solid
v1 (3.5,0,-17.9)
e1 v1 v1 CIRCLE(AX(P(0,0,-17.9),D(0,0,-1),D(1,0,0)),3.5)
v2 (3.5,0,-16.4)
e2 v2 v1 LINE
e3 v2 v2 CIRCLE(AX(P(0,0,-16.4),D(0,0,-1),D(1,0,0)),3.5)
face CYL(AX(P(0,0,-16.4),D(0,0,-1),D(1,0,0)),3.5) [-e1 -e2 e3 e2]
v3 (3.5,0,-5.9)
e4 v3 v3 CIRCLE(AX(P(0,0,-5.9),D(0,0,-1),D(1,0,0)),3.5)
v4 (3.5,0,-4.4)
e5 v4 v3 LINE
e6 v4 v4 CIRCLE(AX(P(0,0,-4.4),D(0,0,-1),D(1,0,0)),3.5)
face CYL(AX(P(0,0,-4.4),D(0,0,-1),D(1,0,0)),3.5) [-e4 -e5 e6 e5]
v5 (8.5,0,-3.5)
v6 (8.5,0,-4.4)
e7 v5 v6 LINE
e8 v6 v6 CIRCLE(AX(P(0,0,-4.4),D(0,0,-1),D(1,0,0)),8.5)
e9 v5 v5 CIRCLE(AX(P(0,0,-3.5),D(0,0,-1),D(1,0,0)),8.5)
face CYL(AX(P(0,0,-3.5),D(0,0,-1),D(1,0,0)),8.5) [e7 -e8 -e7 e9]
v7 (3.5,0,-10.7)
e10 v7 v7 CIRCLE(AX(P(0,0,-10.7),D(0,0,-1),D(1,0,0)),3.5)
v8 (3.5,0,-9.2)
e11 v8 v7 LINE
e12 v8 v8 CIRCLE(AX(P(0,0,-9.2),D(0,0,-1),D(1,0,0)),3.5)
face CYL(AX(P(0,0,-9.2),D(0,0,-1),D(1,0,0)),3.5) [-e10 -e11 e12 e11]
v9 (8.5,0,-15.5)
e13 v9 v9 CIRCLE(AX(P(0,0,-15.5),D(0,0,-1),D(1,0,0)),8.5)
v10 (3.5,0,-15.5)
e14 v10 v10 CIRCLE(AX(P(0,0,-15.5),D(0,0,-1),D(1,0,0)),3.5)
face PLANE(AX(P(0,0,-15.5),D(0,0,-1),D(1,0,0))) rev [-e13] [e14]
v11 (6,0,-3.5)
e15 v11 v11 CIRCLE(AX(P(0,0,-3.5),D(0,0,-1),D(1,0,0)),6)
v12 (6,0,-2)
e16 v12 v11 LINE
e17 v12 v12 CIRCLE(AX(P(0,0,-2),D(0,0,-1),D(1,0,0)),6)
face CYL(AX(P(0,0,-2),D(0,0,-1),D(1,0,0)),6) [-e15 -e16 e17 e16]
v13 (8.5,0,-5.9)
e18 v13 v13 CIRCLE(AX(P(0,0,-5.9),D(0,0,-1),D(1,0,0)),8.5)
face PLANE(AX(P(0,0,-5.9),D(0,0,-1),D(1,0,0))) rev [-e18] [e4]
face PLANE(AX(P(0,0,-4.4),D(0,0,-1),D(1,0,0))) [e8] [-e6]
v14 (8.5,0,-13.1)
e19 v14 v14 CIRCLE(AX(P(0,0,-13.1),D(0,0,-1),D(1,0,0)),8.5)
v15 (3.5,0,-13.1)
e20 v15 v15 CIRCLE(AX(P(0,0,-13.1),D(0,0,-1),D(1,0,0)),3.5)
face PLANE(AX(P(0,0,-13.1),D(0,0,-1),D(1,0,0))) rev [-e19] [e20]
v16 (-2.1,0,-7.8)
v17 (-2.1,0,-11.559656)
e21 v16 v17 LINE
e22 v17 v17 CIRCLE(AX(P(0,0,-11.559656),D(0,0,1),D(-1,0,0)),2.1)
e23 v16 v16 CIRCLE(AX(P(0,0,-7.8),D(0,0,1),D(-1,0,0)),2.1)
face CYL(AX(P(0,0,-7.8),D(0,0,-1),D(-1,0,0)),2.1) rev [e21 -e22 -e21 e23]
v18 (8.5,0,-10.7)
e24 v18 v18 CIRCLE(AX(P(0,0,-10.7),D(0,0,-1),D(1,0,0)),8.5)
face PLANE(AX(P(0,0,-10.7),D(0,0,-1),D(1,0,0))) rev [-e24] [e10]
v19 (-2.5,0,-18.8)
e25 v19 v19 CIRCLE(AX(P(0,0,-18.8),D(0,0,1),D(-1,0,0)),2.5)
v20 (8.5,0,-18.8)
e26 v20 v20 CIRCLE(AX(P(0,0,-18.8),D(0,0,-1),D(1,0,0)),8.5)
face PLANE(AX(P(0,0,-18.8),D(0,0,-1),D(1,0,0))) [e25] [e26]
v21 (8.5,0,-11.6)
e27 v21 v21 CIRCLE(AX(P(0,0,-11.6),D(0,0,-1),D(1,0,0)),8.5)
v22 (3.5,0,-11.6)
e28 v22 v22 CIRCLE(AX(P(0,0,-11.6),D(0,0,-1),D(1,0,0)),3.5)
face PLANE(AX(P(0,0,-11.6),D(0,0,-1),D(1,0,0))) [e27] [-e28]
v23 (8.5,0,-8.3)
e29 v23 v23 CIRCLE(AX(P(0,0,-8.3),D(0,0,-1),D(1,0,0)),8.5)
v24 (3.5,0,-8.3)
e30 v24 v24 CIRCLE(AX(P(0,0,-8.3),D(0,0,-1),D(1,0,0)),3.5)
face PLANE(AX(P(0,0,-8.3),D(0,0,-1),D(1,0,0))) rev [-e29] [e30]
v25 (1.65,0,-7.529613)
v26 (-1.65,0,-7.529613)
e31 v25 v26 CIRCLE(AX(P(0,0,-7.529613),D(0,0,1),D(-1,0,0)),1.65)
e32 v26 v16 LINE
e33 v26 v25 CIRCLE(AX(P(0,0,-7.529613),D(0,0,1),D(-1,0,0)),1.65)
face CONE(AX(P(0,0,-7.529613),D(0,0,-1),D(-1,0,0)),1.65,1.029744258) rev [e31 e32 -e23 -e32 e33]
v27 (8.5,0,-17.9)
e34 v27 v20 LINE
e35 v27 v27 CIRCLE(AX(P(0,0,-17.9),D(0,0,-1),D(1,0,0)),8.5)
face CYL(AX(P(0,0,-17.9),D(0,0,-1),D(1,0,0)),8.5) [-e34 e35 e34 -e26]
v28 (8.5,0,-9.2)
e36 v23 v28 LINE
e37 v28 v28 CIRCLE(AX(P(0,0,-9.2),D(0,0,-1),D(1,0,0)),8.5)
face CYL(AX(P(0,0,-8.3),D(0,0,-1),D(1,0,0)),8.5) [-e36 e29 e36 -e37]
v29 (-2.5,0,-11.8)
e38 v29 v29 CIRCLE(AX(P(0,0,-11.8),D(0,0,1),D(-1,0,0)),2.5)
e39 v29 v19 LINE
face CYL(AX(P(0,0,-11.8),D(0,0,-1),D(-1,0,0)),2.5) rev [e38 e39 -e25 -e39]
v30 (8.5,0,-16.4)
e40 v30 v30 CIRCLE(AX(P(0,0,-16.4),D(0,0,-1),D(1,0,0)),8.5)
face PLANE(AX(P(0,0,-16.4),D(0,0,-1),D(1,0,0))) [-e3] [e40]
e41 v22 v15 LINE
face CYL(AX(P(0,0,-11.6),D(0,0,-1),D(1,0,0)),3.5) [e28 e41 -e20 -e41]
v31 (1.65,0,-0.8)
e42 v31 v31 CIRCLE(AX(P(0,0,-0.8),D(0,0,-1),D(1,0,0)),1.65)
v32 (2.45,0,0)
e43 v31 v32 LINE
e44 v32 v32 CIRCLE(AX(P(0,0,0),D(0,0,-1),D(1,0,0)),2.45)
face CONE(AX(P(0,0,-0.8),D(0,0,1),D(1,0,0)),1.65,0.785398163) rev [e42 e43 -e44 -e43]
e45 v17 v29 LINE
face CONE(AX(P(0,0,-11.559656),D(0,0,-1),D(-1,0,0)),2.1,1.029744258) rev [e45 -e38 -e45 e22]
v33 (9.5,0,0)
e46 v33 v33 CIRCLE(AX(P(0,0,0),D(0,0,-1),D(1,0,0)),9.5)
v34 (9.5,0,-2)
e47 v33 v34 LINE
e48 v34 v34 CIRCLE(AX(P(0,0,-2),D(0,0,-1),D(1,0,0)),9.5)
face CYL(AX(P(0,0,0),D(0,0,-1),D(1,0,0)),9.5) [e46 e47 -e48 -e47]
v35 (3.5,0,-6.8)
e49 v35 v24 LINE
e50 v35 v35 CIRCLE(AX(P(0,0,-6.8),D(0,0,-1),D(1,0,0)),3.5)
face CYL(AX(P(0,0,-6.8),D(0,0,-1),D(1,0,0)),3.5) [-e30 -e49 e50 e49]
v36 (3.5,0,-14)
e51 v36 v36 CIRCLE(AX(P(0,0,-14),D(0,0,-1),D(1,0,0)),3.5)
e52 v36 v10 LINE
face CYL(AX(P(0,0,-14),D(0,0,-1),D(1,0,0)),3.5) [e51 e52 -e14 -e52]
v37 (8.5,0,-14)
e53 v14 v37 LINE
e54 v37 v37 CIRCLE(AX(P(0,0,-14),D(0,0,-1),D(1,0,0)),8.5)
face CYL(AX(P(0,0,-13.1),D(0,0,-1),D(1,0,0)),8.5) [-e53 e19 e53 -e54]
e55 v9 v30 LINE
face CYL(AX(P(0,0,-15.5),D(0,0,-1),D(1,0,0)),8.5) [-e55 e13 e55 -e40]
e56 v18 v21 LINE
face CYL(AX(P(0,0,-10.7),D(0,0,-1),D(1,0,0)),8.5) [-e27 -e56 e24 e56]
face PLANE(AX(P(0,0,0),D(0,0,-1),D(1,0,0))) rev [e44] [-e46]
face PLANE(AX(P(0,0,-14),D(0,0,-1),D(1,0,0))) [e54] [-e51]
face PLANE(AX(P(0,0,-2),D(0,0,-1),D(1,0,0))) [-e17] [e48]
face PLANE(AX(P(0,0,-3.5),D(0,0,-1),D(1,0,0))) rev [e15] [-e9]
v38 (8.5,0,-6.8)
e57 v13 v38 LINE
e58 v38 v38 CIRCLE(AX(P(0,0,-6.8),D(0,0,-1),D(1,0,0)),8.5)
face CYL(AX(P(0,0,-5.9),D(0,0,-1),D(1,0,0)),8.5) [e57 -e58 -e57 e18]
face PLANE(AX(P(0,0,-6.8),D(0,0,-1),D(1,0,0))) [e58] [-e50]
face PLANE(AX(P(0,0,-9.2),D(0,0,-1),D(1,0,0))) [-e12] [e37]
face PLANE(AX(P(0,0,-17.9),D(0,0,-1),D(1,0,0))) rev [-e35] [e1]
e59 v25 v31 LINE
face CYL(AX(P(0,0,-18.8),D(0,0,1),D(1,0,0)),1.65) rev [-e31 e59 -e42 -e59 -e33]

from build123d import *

# Parameters (mm, degrees)
CHAMFER1_SIZE = 0.8


with BuildPart() as part:
    # Sketch2 → Revolve1 (revolve)
    with BuildSketch(Plane(origin=(0, 0, 0), x_dir=(1, 0, 0), z_dir=(0, 1, 0))):
        Polygon((1.65, 18.8), (1.65, 0), (9.5, 0), (9.5, 2), (6, 2), (6, 3.5), (8.5, 3.5), (8.5, 4.4), (3.5, 4.4), (3.5, 5.9), (8.5, 5.9), (8.5, 6.8), (3.5, 6.8), (3.5, 8.3), (8.5, 8.3), (8.5, 9.2), (3.5, 9.2), (3.5, 10.7), (8.5, 10.7), (8.5, 11.6), (3.5, 11.6), (3.5, 13.1), (8.5, 13.1), (8.5, 14), (3.5, 14), (3.5, 15.5), (8.5, 15.5), (8.5, 16.4), (3.5, 16.4), (3.5, 17.9), (8.5, 17.9), (8.5, 18.8), align=None)
    revolve(axis=Axis((0, 0, 0), (0, 0, -1)))

    # Chamfer1
    chamfer1_edges = [part.edges().sort_by_distance(p)[0] for p in [
        (-1.65, 0, 0),
    ]]
    chamfer(chamfer1_edges, length=CHAMFER1_SIZE)

    # Sketch4 → Cut-Revolve1 (revolve, cut)
    with BuildSketch(Plane(origin=(0, 0, 0), x_dir=(1, 0, 0), z_dir=(0, 1, 0)), mode=Mode.PRIVATE) as cut_revolve1_sk:
        Polygon((0, 7.529612721), (1.65, 7.529612721), (2.1, 7.8), (2.1, 11.559655752), (2.5, 11.8), (2.5, 18.8), (0, 18.8), align=None)
    revolve(cut_revolve1_sk.sketch.rotate(Axis((0, 0, -18.8), (0, 0, 1)), 180), axis=Axis((0, 0, -18.8), (0, 0, 1)), mode=Mode.SUBTRACT)


solid = part.part
